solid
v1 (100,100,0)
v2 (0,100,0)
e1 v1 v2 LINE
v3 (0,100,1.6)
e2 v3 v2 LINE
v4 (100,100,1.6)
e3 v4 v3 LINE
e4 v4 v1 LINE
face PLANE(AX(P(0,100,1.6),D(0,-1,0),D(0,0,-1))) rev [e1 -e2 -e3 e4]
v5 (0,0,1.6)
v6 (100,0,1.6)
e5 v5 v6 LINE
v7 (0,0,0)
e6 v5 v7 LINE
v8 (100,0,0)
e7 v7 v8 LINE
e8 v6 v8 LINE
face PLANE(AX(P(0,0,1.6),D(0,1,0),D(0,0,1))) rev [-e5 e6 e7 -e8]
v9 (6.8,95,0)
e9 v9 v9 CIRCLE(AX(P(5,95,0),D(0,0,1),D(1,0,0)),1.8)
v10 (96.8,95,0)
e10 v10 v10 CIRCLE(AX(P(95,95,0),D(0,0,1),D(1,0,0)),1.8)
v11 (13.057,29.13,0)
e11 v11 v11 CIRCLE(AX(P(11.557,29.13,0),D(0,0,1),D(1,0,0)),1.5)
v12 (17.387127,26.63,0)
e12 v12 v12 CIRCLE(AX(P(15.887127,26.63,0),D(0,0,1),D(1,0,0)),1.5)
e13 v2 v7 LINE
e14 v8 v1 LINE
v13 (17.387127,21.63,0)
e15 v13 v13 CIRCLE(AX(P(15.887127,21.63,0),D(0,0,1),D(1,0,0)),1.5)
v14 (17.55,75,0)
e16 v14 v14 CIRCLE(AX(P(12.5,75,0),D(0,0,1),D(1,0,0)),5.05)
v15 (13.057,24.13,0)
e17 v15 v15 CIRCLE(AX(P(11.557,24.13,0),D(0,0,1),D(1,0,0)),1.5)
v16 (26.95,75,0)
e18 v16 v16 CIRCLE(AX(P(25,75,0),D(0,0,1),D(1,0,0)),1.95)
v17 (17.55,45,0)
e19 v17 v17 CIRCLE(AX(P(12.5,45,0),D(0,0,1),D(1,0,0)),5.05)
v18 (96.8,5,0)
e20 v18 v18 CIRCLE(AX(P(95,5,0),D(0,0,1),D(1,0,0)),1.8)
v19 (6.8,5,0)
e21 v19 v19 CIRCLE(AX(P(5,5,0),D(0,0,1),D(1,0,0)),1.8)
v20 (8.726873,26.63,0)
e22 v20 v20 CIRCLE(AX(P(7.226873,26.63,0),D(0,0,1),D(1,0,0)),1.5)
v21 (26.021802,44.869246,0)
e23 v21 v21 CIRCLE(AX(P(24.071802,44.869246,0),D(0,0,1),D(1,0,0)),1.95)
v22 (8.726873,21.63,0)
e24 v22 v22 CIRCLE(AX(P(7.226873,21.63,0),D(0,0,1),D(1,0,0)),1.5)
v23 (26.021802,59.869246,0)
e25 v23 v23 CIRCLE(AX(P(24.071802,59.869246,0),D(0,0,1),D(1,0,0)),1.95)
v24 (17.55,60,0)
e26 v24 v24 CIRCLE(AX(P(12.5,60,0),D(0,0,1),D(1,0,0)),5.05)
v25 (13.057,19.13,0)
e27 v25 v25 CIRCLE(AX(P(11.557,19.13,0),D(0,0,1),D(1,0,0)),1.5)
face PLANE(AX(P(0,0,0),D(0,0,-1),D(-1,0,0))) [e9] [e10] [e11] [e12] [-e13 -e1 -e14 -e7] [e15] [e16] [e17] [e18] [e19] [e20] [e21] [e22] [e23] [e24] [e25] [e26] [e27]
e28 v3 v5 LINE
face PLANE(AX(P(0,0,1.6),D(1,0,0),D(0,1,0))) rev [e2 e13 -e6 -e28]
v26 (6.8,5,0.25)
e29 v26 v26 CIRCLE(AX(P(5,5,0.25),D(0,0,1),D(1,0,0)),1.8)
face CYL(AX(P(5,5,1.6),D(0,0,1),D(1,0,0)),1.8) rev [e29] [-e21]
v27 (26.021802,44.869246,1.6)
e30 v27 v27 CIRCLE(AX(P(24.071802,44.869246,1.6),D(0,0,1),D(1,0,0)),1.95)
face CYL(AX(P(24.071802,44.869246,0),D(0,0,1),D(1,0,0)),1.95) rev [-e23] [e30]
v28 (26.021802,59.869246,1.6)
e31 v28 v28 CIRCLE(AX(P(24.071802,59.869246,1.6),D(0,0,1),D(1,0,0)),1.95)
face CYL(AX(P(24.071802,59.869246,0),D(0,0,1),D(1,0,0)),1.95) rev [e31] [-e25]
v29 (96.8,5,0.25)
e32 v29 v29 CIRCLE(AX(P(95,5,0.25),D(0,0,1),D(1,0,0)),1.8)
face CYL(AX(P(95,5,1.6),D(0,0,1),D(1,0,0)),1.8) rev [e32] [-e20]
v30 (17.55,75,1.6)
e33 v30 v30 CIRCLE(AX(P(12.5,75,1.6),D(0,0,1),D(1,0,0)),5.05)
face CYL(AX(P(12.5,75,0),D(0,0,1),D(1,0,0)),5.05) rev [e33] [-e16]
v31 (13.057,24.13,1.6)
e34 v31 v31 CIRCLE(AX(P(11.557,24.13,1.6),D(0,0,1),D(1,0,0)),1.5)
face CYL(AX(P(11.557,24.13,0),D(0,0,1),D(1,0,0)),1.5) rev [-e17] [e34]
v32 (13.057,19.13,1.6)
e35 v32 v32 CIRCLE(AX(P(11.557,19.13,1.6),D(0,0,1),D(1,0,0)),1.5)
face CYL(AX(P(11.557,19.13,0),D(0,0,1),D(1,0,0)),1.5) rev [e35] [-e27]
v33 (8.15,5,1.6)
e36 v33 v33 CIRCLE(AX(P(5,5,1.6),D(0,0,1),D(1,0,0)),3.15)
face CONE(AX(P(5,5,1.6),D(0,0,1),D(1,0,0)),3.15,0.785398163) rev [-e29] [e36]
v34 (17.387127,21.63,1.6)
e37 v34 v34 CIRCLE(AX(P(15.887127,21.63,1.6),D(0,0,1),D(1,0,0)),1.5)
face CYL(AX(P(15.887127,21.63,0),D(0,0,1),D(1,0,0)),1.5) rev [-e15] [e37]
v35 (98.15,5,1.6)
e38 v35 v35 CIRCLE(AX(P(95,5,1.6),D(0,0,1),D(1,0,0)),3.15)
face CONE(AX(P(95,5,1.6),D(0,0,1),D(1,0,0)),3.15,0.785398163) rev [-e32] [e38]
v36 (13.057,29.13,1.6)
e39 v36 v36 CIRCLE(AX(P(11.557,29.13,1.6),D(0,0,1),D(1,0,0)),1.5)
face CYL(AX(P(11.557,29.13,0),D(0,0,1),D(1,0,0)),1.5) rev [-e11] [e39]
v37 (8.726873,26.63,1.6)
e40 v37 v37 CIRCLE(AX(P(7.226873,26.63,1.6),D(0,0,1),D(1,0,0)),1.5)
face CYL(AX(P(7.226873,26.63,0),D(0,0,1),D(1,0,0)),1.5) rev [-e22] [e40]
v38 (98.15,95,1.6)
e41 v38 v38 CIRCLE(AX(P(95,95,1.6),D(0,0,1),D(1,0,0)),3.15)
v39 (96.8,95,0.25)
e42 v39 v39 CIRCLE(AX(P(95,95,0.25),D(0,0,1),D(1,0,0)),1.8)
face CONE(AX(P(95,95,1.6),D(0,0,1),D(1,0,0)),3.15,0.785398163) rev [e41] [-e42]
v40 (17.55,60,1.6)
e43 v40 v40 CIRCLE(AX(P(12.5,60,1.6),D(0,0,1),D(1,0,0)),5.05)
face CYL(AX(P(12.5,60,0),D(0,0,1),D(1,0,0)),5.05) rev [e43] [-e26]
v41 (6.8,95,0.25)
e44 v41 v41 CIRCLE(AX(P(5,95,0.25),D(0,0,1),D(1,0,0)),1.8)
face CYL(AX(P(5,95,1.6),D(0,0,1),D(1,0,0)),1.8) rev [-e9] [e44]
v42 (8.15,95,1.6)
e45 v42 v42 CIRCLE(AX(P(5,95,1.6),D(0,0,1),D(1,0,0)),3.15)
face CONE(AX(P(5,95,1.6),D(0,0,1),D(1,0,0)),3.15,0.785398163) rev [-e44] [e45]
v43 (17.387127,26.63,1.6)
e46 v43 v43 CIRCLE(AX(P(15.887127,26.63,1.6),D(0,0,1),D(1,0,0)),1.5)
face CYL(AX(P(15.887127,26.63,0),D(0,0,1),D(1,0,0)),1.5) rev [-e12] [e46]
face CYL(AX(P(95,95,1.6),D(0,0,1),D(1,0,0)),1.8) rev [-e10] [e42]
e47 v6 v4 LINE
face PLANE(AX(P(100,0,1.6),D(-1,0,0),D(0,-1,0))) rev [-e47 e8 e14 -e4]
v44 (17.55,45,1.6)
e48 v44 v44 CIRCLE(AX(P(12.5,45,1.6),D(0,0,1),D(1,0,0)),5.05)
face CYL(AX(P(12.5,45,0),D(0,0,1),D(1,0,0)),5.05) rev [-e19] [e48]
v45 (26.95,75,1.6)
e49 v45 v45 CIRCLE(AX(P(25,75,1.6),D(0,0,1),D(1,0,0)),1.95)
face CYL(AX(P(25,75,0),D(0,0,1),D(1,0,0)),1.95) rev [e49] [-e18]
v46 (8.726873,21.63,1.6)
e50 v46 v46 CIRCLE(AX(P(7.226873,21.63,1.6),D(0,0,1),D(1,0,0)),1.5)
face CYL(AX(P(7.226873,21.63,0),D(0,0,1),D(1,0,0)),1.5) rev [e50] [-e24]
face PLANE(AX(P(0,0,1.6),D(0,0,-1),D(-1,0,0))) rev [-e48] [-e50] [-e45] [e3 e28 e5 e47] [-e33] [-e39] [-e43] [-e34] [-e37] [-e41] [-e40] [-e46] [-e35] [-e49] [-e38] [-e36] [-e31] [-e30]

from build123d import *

# Parameters (mm, degrees)
ESQUISSE1_W                                 = 100
ESQUISSE1_H                                 = 100
BOSS_EXTRU_1_DEPTH                          = 1.6
FRAISAGE_POUR_VIS_T_TE_FRAIS_E_M31_AT_COUNT = 2
FRAISAGE_POUR_VIS_T_TE_FRAIS_E_M31_AT_PITCH = 90
FRAISAGE_POUR_VIS_T_TE_FRAIS_E_M31_2_COUNT  = 2
FRAISAGE_POUR_VIS_T_TE_FRAIS_E_M31_2_PITCH  = 127.279220614
FRAISAGE_POUR_VIS_T_TE_FRAIS_E_M31_3_COUNT  = 2
FRAISAGE_POUR_VIS_T_TE_FRAIS_E_M31_3_PITCH  = 90
ESQUISSE4_R                                 = 1.5
ESQUISSE4_R_2                               = 5.05
ESQUISSE4_R_3                               = 1.95
ENL_V_MAT_EXTRU_1_DEPTH                     = 2.6


with BuildPart() as part:
    # Esquisse1 → Boss.-Extru.1 (new body)
    with BuildSketch(Plane.XY):
        with Locations((50, 50)):
            Rectangle(ESQUISSE1_W, ESQUISSE1_H)
    extrude(amount=BOSS_EXTRU_1_DEPTH)

    # Esquisse3 → Fraisage pour vis à tête fraisée M31 (revolve, cut)
    with BuildSketch(Plane(origin=(5, 95, 1.6), x_dir=(0, -1, 0), z_dir=(1, 0, 0))):
        Polygon((0, 0), (0, 1.6), (1.8, 1.6), (1.8, 1.35), (3.15, 0), align=None)
    fraisage_pour_vis_t_te_frais_e_m31 = revolve(axis=Axis((5, 95, 7.95), (0, 0, -1)), mode=Mode.SUBTRACT)

    # Fraisage pour vis à tête fraisée M31 at: Fraisage pour vis à tête fraisée M31 ×2
    with Locations(*[(i * FRAISAGE_POUR_VIS_T_TE_FRAIS_E_M31_AT_PITCH, 0, 0) for i in range(1, FRAISAGE_POUR_VIS_T_TE_FRAIS_E_M31_AT_COUNT)]):
        add(fraisage_pour_vis_t_te_frais_e_m31, mode=Mode.SUBTRACT)

    # Fraisage pour vis _ t_te frais_e M31 2: Fraisage pour vis à tête fraisée M31 ×2
    with Locations(*[Vector(0.707106781, -0.707106781, 0) * (i * FRAISAGE_POUR_VIS_T_TE_FRAIS_E_M31_2_PITCH) for i in range(1, FRAISAGE_POUR_VIS_T_TE_FRAIS_E_M31_2_COUNT)]):
        add(fraisage_pour_vis_t_te_frais_e_m31, mode=Mode.SUBTRACT)

    # Fraisage pour vis _ t_te frais_e M31 3: Fraisage pour vis à tête fraisée M31 ×2
    with Locations(*[(0, -i * FRAISAGE_POUR_VIS_T_TE_FRAIS_E_M31_3_PITCH, 0) for i in range(1, FRAISAGE_POUR_VIS_T_TE_FRAIS_E_M31_3_COUNT)]):
        add(fraisage_pour_vis_t_te_frais_e_m31, mode=Mode.SUBTRACT)

    # Esquisse4 → Enlèv. mat.-Extru.1 (cut, through all)
    with BuildSketch(Plane.XY.offset(1.6)):
        with Locations((11.557, 24.13)):
            Circle(ESQUISSE4_R)
        with Locations((11.557, 29.13)):
            Circle(ESQUISSE4_R)
        with Locations((15.887127019, 26.63)):
            Circle(ESQUISSE4_R)
        with Locations((15.887127019, 21.63)):
            Circle(ESQUISSE4_R)
        with Locations((11.557, 19.13)):
            Circle(ESQUISSE4_R)
        with Locations((7.226872981, 21.63)):
            Circle(ESQUISSE4_R)
        with Locations((7.226872981, 26.63)):
            Circle(ESQUISSE4_R)
        with Locations((12.5, 75)):
            Circle(ESQUISSE4_R_2)
        with Locations((12.5, 60)):
            Circle(ESQUISSE4_R_2)
        with Locations((12.5, 45)):
            Circle(ESQUISSE4_R_2)
        with Locations((25, 75)):
            Circle(ESQUISSE4_R_3)
        with Locations((24.07180174, 59.869246014)):
            Circle(ESQUISSE4_R_3)
        with Locations((24.07180174, 44.869246014)):
            Circle(ESQUISSE4_R_3)
    extrude(amount=-ENL_V_MAT_EXTRU_1_DEPTH, mode=Mode.SUBTRACT)


solid = part.part
